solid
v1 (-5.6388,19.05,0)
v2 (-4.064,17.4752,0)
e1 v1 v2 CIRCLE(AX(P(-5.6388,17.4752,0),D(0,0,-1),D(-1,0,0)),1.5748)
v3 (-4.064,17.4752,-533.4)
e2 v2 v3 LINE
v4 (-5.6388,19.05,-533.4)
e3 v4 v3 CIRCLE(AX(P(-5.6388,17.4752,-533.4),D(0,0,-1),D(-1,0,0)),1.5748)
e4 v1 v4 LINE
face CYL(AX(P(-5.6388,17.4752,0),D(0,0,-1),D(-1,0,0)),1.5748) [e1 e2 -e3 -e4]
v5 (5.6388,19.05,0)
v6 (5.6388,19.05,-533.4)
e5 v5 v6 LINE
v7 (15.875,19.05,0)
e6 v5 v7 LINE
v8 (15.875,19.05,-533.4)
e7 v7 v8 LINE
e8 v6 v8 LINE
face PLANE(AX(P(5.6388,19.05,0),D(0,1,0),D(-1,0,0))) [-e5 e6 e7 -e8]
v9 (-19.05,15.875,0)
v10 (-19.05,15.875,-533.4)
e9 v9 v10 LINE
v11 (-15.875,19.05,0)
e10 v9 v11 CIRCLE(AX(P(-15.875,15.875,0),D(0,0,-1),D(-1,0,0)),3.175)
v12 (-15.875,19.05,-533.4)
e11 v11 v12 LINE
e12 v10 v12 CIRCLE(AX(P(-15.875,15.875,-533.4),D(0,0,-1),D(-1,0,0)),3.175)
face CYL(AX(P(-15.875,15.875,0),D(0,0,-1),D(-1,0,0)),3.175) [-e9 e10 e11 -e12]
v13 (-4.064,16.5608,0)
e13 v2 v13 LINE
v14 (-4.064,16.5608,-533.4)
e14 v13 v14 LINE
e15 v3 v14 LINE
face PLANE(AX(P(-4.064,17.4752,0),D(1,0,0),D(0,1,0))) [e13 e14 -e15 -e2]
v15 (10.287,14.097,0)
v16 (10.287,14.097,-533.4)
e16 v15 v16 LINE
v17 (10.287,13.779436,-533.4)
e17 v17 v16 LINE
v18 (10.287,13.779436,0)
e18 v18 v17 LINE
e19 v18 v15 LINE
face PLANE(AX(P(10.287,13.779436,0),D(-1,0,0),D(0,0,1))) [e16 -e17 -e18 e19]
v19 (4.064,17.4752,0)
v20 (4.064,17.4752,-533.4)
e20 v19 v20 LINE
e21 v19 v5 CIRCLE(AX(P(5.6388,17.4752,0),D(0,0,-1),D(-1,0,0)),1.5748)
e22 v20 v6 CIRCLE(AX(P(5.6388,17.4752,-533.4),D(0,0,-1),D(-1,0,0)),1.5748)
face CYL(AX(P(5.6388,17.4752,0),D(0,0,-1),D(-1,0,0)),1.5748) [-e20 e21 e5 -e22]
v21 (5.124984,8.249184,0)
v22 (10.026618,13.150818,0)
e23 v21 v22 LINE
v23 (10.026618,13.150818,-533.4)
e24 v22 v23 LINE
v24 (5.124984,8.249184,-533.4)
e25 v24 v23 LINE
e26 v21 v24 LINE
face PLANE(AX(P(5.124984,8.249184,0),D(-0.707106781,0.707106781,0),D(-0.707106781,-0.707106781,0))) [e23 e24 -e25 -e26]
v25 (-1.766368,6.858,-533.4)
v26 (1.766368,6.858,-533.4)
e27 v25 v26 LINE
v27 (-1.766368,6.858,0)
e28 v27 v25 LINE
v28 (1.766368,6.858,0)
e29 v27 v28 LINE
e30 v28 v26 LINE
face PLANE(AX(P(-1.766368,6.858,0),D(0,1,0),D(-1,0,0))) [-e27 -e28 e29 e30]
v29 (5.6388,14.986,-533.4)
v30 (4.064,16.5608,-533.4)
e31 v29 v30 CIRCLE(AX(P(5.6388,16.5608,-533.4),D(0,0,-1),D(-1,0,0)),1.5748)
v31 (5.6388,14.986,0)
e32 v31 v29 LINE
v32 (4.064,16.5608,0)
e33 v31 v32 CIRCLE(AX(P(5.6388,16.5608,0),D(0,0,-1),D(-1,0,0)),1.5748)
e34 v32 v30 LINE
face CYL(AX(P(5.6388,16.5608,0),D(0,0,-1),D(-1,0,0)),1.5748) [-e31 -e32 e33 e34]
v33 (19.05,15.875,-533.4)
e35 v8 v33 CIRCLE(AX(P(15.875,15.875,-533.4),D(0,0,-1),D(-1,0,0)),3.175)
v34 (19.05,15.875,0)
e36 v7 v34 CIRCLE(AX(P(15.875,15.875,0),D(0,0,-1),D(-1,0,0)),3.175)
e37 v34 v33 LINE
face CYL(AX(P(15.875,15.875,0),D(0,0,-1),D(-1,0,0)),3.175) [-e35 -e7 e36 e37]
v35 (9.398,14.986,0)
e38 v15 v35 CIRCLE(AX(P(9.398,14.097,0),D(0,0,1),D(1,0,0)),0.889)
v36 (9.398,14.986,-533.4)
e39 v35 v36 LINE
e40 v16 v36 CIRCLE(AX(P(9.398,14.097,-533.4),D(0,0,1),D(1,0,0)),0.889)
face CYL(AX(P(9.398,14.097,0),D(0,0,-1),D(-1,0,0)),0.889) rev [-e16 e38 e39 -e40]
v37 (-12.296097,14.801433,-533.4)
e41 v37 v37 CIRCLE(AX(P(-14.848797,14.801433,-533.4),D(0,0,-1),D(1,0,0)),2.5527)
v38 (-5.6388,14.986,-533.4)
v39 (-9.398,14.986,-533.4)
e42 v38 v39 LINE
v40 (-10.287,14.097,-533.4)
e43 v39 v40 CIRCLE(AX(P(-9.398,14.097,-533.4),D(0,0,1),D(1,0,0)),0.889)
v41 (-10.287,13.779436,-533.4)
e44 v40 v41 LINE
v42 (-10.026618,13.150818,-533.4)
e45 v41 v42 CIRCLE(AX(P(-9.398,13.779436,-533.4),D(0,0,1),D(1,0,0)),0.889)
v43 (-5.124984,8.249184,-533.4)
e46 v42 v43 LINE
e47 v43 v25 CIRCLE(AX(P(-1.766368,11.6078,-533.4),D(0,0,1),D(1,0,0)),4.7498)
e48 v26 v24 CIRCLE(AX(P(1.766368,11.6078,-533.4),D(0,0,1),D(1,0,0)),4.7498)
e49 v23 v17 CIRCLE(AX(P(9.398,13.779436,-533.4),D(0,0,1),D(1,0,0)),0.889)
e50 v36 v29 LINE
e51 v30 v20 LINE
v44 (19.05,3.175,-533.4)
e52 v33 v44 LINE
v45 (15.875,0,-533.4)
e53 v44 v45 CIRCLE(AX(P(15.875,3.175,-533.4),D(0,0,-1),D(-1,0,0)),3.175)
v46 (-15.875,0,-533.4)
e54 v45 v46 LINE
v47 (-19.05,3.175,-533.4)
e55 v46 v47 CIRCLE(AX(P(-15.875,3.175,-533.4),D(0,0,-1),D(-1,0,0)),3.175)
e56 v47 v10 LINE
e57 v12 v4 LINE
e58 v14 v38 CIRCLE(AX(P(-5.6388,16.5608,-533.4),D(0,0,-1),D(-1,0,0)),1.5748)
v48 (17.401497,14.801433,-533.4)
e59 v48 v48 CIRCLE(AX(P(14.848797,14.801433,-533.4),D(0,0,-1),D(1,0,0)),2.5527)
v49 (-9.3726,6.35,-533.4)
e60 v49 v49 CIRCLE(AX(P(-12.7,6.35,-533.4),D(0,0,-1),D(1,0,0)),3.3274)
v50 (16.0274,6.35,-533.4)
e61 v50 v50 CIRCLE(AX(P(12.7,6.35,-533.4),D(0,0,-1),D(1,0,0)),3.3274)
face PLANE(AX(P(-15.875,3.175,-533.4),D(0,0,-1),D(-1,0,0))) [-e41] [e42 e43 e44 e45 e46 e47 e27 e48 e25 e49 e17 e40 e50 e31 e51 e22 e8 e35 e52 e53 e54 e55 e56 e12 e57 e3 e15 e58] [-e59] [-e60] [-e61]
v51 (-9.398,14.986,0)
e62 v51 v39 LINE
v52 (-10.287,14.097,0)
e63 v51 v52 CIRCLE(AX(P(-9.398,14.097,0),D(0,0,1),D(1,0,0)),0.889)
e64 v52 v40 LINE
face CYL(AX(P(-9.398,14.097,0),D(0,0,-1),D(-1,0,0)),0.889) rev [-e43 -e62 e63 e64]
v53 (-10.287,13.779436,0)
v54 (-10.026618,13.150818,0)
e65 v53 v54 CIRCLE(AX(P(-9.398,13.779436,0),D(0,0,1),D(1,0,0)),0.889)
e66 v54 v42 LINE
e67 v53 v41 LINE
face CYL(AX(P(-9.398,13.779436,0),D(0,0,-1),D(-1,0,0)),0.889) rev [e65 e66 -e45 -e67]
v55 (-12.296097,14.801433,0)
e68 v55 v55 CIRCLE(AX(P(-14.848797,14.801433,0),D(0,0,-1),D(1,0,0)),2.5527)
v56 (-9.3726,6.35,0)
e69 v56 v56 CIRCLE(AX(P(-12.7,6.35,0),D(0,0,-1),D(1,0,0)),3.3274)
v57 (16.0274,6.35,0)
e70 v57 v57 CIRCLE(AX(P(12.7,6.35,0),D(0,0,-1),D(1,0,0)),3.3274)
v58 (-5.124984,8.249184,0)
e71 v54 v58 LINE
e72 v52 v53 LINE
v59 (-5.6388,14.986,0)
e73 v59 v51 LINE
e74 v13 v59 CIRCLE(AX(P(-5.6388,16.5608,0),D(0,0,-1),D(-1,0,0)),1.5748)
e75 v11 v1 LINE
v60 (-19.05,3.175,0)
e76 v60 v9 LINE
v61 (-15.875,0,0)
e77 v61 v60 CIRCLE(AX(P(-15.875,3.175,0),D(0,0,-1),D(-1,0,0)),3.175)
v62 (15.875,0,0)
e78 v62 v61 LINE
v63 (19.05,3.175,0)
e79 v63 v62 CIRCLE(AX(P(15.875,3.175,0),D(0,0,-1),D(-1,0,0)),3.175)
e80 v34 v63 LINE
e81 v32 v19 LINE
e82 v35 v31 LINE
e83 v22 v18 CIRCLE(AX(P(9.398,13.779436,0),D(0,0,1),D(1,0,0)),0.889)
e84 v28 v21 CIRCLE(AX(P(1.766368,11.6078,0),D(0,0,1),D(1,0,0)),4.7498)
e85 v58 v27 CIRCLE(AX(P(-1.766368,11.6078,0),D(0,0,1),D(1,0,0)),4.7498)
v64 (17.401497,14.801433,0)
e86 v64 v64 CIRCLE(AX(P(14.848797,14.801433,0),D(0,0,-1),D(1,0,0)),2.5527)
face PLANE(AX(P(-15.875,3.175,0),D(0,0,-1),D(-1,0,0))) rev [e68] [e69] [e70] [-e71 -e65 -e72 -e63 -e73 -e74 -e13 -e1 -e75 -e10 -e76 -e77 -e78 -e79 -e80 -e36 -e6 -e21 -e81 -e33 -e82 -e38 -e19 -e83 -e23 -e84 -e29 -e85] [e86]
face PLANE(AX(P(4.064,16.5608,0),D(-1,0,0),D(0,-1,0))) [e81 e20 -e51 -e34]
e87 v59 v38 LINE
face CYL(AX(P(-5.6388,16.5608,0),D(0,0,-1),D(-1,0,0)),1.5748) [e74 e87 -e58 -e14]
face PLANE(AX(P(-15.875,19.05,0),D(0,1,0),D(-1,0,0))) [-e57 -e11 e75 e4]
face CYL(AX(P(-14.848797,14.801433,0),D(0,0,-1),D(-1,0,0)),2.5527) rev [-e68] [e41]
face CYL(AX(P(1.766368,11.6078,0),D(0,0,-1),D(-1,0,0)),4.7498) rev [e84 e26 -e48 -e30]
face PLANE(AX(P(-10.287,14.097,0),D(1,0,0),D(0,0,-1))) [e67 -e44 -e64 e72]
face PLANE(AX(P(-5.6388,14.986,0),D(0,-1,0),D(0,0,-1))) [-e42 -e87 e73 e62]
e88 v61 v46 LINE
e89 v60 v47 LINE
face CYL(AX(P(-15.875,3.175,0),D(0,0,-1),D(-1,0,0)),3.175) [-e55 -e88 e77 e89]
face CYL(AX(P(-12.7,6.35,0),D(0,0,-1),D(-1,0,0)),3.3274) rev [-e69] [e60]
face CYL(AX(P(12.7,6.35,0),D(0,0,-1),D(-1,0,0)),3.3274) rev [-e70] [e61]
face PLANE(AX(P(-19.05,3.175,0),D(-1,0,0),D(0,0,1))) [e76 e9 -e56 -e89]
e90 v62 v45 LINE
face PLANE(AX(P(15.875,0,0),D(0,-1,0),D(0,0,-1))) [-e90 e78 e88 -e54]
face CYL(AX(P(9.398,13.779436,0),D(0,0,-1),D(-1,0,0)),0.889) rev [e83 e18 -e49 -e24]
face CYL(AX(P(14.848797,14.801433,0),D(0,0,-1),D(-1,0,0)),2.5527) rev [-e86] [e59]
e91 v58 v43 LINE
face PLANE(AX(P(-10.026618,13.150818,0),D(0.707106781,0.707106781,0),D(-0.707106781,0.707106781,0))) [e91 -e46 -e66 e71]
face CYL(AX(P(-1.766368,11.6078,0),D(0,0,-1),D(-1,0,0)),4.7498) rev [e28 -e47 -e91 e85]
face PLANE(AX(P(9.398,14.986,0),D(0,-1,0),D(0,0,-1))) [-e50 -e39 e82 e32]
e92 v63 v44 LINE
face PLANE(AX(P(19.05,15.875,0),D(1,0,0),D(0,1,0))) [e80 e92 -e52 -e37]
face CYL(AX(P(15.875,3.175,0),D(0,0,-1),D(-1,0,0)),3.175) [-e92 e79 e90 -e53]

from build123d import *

# Parameters (mm, degrees)
SKETCH1_R           = 2.5527
SKETCH1_R_2         = 3.3274
BOSS_EXTRUDE1_DEPTH = 533.4


with BuildPart() as part:
    # Sketch1 → Boss-Extrude1 (new body)
    with BuildSketch(Plane(origin=(0, 0, -533.4), x_dir=(-1, 0, 0), z_dir=(0, 0, -1))):
        with BuildLine():
            Line((19.05, 3.175), (19.05, 15.875))
            ThreePointArc((19.05, 15.875), (18.12006403, 18.12006403), (15.875, 19.05))
            Line((15.875, 19.05), (5.6388, 19.05))
            ThreePointArc((5.6388, 19.05), (4.525248241, 18.588751759), (4.064, 17.4752))
            Line((4.064, 17.4752), (4.064, 16.5608))
            ThreePointArc((4.064, 16.5608), (4.525248241, 15.447248241), (5.6388, 14.986))
            Line((5.6388, 14.986), (9.398, 14.986))
            ThreePointArc((9.398, 14.986), (10.026617928, 14.725617928), (10.287, 14.097))
            Line((10.287, 14.097), (10.287, 13.779435857))
            ThreePointArc((10.287, 13.779435857), (10.219328904, 13.439230286), (10.026617928, 13.150817928))
            Line((10.026617928, 13.150817928), (5.124984211, 8.249184211))
            ThreePointArc((5.124984211, 8.249184211), (3.584038188, 7.219556996), (1.766368421, 6.858))
            Line((1.766368421, 6.858), (-1.766368421, 6.858))
            ThreePointArc((-1.766368421, 6.858), (-3.584038188, 7.219556996), (-5.124984211, 8.249184211))
            Line((-5.124984211, 8.249184211), (-10.026617928, 13.150817928))
            ThreePointArc((-10.026617928, 13.150817928), (-10.219328904, 13.439230286), (-10.287, 13.779435857))
            Line((-10.287, 13.779435857), (-10.287, 14.097))
            ThreePointArc((-10.287, 14.097), (-10.026617928, 14.725617928), (-9.398, 14.986))
            Line((-9.398, 14.986), (-5.6388, 14.986))
            ThreePointArc((-5.6388, 14.986), (-4.525248241, 15.447248241), (-4.064, 16.5608))
            Line((-4.064, 16.5608), (-4.064, 17.4752))
            ThreePointArc((-4.064, 17.4752), (-4.525248241, 18.588751759), (-5.6388, 19.05))
            Line((-5.6388, 19.05), (-15.875, 19.05))
            ThreePointArc((-15.875, 19.05), (-18.12006403, 18.12006403), (-19.05, 15.875))
            Line((-19.05, 15.875), (-19.05, 3.175))
            ThreePointArc((-19.05, 3.175), (-18.12006403, 0.92993597), (-15.875, 0))
            Line((-15.875, 0), (15.875, 0))
            ThreePointArc((15.875, 0), (18.12006403, 0.92993597), (19.05, 3.175))
        make_face()
        with Locations(Location((14.848797074, 14.801432678, 0), (0, 0, 180))):
            Circle(SKETCH1_R, mode=Mode.SUBTRACT)
        with Locations(Location((12.7, 6.35, 0), (0, 0, 180))):
            Circle(SKETCH1_R_2, mode=Mode.SUBTRACT)
        with Locations(Location((-12.7, 6.35, 0), (0, 0, 180))):
            Circle(SKETCH1_R_2, mode=Mode.SUBTRACT)
        with Locations(Location((-14.848797074, 14.801432678, 0), (0, 0, 180))):
            Circle(SKETCH1_R, mode=Mode.SUBTRACT)
    extrude(amount=-BOSS_EXTRUDE1_DEPTH)


solid = part.part
